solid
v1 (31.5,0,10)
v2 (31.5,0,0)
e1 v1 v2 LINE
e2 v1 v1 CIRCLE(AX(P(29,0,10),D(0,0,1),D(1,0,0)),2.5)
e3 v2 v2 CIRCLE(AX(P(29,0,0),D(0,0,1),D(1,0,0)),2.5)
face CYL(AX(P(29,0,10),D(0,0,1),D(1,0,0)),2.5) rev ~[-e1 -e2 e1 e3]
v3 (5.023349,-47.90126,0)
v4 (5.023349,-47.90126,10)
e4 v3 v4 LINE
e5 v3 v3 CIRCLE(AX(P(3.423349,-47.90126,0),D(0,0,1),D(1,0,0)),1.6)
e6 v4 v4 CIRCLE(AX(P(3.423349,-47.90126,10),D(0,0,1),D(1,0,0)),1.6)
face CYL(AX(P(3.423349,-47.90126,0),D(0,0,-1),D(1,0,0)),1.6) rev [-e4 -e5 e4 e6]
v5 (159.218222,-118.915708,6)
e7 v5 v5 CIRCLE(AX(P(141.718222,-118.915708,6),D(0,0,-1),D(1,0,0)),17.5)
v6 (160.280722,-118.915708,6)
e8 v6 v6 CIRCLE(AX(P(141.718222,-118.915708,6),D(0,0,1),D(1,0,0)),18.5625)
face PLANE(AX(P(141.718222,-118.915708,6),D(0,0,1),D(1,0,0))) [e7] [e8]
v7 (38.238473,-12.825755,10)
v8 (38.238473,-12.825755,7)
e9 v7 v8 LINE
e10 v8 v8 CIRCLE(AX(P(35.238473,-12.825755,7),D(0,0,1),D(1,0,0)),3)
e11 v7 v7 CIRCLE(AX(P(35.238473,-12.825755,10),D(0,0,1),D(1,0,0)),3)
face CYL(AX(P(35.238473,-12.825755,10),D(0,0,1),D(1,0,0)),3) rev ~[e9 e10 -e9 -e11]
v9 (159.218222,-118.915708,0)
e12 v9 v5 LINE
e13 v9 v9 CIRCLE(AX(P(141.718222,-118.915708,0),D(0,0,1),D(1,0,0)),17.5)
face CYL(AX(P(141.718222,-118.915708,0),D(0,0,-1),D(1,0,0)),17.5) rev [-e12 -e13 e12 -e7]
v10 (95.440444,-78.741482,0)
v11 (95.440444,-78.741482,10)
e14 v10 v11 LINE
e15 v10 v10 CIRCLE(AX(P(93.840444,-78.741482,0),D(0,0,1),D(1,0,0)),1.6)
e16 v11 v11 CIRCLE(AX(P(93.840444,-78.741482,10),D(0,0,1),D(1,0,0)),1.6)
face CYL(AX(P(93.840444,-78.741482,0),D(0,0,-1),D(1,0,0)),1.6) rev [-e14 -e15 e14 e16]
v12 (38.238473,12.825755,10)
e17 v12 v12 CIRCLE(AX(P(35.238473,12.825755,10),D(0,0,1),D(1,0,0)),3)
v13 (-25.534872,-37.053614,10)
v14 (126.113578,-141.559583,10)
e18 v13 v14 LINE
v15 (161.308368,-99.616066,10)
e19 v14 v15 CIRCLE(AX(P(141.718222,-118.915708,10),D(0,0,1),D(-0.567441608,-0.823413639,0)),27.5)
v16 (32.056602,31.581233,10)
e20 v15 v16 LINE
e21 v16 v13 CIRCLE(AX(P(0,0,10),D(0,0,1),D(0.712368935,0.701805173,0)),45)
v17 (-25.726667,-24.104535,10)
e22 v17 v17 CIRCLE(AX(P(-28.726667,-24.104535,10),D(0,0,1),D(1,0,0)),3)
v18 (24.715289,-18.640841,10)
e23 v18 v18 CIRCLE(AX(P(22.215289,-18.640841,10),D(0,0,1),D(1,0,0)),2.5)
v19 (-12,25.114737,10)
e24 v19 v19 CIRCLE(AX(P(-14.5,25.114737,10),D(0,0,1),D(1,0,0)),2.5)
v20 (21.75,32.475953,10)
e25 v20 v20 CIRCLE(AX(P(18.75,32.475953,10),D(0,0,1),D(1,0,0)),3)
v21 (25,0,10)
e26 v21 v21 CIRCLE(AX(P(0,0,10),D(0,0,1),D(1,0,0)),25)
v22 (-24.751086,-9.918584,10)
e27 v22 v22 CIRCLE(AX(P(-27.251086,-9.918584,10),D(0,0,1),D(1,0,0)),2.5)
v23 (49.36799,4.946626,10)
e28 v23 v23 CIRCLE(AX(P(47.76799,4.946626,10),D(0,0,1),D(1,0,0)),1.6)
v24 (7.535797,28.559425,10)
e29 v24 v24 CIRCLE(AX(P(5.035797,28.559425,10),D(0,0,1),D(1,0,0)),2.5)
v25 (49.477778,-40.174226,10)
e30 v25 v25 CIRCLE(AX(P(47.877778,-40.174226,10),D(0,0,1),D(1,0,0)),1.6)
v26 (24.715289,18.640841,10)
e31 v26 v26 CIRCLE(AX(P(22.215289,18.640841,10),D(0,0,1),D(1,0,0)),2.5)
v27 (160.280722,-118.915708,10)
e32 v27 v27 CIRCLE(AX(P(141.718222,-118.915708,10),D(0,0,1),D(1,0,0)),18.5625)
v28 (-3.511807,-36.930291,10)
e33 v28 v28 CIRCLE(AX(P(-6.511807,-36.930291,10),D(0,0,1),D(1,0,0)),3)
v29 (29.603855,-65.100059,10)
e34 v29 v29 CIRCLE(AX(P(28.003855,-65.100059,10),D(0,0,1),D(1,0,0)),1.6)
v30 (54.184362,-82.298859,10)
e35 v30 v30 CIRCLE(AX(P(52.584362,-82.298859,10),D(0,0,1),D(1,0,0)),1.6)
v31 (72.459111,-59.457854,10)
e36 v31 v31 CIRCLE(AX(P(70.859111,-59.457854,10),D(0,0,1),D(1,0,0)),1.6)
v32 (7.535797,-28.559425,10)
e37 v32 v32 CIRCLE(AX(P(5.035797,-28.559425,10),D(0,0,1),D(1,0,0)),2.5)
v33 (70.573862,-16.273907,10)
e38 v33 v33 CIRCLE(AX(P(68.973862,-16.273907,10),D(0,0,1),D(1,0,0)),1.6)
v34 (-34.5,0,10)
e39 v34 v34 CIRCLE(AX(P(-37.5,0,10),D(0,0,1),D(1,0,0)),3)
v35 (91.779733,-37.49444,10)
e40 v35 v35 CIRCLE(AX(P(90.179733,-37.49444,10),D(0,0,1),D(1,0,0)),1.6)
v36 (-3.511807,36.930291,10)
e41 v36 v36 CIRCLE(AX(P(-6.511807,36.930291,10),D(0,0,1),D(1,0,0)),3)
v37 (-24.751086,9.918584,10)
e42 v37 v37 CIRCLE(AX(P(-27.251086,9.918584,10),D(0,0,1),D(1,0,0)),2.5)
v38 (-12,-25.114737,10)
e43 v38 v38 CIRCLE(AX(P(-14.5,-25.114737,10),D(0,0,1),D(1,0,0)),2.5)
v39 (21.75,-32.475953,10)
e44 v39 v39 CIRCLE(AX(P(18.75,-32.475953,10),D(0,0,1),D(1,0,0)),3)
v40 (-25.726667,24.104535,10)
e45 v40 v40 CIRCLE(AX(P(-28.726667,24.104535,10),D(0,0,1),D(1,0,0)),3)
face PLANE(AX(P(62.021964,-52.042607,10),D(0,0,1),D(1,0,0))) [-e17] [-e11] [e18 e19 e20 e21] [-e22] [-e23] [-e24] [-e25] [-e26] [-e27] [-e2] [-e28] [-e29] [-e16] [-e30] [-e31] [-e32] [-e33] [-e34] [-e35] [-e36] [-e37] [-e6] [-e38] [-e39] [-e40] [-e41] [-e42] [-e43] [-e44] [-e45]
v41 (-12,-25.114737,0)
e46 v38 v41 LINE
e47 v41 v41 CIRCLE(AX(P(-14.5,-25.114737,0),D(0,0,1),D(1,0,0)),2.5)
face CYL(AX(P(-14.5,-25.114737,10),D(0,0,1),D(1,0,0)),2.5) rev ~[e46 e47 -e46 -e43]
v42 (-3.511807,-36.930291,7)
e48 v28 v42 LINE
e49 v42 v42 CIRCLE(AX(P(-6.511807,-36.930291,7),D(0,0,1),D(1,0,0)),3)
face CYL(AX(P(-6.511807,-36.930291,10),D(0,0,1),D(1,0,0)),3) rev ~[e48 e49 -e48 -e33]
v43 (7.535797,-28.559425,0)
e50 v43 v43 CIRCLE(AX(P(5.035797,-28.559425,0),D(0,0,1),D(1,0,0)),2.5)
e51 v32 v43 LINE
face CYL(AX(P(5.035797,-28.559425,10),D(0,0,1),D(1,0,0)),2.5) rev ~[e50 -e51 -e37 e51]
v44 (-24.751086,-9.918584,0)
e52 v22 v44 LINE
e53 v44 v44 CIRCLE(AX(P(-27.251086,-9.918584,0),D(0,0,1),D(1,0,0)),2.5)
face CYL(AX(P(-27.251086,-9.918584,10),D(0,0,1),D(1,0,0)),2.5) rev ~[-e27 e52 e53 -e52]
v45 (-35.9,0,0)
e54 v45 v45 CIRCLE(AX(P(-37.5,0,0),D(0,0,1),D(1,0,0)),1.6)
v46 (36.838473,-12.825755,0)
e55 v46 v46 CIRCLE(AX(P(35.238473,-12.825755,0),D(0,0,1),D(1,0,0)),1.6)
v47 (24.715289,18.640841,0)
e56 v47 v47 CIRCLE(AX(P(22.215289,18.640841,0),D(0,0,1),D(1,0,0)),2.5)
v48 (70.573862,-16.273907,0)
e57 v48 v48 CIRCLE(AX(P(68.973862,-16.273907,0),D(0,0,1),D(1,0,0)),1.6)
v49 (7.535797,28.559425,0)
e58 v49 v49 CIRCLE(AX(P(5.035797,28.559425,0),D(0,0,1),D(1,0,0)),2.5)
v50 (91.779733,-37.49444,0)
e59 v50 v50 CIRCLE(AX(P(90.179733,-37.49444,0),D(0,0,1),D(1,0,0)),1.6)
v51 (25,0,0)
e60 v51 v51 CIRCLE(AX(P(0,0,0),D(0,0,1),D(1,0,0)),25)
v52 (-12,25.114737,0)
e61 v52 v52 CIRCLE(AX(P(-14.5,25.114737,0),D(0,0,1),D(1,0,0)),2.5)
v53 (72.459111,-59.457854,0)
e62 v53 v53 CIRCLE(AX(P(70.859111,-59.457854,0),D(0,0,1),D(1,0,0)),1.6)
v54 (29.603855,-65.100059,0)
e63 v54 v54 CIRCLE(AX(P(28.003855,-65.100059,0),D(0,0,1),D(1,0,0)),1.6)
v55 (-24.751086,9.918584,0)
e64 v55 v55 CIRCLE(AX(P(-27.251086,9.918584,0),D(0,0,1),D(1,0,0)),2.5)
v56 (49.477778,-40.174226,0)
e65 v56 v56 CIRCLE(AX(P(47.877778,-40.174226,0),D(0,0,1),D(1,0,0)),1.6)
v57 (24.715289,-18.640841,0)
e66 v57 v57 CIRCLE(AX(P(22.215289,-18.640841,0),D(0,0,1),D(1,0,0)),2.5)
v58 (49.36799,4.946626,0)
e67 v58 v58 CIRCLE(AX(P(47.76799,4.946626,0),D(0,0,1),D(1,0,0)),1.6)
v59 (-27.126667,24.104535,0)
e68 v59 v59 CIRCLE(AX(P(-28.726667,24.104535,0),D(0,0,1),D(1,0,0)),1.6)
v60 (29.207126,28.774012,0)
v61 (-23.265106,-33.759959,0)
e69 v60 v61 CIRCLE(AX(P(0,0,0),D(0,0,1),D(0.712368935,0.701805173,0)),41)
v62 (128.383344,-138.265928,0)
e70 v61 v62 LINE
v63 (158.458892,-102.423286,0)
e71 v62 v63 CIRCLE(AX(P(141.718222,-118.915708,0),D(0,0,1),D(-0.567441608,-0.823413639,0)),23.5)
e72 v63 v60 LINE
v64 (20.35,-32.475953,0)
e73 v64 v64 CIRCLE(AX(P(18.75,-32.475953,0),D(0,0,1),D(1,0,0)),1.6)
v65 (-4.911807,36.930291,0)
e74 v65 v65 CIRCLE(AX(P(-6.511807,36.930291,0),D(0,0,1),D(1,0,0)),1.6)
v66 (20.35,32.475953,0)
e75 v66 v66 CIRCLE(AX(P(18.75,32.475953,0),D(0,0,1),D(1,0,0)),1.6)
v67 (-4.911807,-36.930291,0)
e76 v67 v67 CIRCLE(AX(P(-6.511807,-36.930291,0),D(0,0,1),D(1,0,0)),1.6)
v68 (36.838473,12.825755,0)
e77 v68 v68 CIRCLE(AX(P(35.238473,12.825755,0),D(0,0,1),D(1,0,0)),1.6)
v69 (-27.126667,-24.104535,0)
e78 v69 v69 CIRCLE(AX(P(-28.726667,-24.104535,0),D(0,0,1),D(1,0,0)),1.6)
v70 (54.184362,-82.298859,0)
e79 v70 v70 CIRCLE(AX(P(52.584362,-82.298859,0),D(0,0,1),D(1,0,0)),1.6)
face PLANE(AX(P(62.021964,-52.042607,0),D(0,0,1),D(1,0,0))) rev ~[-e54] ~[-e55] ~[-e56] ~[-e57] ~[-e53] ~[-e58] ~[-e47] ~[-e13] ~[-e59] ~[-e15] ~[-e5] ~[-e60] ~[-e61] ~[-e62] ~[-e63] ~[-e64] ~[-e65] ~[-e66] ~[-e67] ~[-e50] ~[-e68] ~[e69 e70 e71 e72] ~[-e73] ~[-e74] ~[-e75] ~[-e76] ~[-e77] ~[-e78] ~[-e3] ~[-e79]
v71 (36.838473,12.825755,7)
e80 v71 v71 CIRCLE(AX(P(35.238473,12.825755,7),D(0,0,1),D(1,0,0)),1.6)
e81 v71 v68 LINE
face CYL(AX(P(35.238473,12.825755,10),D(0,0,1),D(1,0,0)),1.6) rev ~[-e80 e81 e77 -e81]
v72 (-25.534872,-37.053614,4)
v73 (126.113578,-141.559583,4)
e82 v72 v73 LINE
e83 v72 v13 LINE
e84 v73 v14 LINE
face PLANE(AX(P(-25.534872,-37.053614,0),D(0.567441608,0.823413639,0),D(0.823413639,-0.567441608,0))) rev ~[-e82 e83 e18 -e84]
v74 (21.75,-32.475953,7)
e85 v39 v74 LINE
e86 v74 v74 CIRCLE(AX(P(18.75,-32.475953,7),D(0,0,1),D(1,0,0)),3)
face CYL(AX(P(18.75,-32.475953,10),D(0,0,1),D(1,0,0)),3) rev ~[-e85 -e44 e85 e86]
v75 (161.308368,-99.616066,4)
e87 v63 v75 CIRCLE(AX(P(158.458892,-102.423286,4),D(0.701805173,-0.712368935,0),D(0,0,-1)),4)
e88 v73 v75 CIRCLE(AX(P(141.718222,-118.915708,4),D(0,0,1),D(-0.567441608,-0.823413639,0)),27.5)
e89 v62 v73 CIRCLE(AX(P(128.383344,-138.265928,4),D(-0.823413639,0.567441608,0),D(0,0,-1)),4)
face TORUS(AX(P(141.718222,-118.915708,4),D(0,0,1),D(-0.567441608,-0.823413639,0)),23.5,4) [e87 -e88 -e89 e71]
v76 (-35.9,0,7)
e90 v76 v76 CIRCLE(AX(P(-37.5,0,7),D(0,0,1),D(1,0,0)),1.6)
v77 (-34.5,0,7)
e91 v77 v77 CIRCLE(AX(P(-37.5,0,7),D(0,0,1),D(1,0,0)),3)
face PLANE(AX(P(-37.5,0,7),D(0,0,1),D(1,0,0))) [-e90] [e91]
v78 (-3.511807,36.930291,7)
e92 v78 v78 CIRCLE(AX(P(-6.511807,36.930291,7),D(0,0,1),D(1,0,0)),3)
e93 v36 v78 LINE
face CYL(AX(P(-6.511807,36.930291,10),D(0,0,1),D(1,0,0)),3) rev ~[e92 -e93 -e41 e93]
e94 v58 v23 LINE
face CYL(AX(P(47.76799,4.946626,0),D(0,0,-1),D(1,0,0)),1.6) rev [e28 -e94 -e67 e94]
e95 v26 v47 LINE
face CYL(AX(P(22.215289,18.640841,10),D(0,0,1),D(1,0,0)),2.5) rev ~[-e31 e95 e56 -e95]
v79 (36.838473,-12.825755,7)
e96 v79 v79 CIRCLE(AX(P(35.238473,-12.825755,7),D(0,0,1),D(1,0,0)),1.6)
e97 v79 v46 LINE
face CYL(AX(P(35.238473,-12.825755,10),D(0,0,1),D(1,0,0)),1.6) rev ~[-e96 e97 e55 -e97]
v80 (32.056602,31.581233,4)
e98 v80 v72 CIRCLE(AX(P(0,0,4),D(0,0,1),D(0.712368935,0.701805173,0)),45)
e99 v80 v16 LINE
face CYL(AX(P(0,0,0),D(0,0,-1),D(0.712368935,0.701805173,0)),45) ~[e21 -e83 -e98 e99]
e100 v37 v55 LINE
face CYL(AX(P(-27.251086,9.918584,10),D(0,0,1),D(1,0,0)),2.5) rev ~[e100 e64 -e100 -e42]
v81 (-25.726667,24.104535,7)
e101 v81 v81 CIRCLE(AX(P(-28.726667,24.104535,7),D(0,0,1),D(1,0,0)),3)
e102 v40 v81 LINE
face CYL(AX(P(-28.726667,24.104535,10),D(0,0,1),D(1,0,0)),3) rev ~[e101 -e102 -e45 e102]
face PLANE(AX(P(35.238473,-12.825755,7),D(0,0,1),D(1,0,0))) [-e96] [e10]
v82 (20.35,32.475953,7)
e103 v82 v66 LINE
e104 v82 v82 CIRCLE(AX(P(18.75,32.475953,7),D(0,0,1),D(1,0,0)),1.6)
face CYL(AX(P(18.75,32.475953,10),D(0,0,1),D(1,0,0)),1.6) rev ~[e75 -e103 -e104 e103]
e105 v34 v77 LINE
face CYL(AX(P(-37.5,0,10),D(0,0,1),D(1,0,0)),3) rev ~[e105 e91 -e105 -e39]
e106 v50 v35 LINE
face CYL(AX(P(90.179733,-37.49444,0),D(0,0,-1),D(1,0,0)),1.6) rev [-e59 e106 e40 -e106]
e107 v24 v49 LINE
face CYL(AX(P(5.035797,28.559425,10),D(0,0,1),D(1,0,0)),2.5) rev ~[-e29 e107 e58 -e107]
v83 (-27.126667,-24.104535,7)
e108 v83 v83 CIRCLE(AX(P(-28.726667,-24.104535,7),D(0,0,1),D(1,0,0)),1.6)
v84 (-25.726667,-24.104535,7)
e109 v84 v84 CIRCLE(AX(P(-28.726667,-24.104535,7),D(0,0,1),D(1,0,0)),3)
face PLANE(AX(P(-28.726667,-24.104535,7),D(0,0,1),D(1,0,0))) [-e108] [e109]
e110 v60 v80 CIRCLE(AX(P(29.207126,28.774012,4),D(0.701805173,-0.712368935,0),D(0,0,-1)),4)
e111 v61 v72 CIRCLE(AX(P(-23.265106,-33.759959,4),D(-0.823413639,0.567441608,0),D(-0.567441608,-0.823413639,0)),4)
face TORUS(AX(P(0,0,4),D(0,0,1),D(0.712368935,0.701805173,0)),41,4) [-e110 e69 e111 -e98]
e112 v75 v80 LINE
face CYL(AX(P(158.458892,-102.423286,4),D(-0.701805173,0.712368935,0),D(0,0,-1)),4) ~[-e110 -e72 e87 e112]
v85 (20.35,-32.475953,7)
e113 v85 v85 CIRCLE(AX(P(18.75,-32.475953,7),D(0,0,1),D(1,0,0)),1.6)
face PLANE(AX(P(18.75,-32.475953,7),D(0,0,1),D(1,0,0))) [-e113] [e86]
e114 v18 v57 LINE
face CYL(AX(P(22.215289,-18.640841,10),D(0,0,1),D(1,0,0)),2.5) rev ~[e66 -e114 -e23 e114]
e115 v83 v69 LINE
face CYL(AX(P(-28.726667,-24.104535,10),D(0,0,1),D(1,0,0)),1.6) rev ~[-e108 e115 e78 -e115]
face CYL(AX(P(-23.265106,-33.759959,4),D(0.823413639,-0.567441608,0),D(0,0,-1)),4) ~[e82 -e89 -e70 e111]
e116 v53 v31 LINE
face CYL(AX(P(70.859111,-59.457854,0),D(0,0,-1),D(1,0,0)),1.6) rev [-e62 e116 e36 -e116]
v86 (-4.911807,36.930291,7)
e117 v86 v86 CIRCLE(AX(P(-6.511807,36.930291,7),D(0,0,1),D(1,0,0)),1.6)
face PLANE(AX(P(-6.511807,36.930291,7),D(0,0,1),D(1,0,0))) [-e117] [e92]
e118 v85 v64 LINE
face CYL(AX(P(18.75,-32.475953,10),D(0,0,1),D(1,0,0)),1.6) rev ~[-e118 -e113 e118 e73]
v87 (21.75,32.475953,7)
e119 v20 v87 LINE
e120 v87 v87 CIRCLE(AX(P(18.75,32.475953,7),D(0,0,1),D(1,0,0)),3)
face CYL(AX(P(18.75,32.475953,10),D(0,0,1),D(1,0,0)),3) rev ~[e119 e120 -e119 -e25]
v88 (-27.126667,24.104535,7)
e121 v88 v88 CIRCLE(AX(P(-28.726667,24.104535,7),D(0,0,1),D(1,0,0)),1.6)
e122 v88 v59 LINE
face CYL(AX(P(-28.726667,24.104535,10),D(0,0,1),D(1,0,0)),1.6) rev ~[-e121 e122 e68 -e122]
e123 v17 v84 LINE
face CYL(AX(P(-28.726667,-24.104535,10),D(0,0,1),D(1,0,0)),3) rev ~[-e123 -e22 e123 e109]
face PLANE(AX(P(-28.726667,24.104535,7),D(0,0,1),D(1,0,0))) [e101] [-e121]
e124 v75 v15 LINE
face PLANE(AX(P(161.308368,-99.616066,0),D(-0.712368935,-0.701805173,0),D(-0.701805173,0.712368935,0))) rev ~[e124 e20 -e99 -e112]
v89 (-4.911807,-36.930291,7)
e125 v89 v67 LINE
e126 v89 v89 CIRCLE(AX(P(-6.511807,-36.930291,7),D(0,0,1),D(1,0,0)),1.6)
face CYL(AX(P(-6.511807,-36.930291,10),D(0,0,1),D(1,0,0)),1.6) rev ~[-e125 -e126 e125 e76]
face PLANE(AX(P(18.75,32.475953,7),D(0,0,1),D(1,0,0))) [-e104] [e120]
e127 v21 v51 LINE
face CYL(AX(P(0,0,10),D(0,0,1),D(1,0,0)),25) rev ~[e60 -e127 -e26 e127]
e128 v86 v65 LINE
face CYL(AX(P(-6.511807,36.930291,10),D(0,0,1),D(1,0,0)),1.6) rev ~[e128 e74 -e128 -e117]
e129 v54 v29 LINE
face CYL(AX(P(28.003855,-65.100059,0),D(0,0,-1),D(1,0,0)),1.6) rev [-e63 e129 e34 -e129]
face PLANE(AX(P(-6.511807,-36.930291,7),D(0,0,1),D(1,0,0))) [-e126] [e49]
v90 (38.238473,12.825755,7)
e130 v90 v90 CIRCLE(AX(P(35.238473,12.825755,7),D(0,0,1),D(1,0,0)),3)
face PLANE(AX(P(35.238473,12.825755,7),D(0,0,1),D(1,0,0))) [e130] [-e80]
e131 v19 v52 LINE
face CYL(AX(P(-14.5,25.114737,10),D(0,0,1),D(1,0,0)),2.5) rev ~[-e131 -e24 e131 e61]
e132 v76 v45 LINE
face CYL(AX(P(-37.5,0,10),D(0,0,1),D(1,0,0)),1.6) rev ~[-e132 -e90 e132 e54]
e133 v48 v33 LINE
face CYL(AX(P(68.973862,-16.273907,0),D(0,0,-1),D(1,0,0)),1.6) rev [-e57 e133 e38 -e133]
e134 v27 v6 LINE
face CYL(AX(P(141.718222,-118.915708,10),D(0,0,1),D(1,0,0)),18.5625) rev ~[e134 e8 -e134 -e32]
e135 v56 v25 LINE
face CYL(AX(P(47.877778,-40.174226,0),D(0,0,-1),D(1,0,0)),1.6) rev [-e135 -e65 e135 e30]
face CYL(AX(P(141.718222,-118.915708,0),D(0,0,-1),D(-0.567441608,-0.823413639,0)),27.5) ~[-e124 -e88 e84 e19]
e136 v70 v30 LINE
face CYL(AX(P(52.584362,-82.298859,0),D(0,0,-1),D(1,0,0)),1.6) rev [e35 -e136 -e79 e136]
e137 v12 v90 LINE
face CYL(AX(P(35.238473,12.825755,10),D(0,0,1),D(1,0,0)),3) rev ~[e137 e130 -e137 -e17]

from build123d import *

# Parameters (mm, degrees)
SKETCH1_R           = 17.5
SKETCH1_R_2         = 1.6
BOSS_EXTRUDE1_DEPTH = 10
SKETCH2_R           = 25
SKETCH2_R_2         = 2.5
SKETCH2_R_3         = 1.6
CUT_EXTRUDE1_DEPTH  = 224.991888552
SKETCH3_R           = 18.5625
CUT_EXTRUDE2_DEPTH  = 4
SKETCH4_R           = 3
CUT_EXTRUDE3_DEPTH  = 3
FILLET1_R           = 4


with BuildPart() as part:
    # Sketch1 → Boss-Extrude1 (new body)
    with BuildSketch(Plane.XY):
        with BuildLine():
            Line((-25.534872354, -37.053613776), (126.113577761, -141.559582877))
            ThreePointArc((126.113577761, -141.559582877), (162.784444163, -136.592367058), (161.308367688, -99.616065541))
            Line((161.308367688, -99.616065541), (32.056602073, 31.581232775))
            ThreePointArc((32.056602073, 31.581232775), (-34.47199994, 28.925442436), (-25.534872354, -37.053613776))
        make_face()
        with Locations((141.718221977, -118.915707792)):
            Circle(SKETCH1_R, mode=Mode.SUBTRACT)
        with Locations((70.859110989, -59.457853896)):
            Circle(SKETCH1_R_2, mode=Mode.SUBTRACT)
        with Locations((93.840444282, -78.741482187)):
            Circle(SKETCH1_R_2, mode=Mode.SUBTRACT)
        with Locations((47.877777695, -40.174225605)):
            Circle(SKETCH1_R_2, mode=Mode.SUBTRACT)
        with Locations((47.767990244, 4.946625931)):
            Circle(SKETCH1_R_2, mode=Mode.SUBTRACT)
        with Locations((3.423348889, -47.901259716)):
            Circle(SKETCH1_R_2, mode=Mode.SUBTRACT)
        with Locations((68.973861607, -16.273907044)):
            Circle(SKETCH1_R_2, mode=Mode.SUBTRACT)
        with Locations((90.17973297, -37.494440018)):
            Circle(SKETCH1_R_2, mode=Mode.SUBTRACT)
        with Locations((28.003855203, -65.100059364)):
            Circle(SKETCH1_R_2, mode=Mode.SUBTRACT)
        with Locations((52.584361518, -82.298859012)):
            Circle(SKETCH1_R_2, mode=Mode.SUBTRACT)
    extrude(amount=BOSS_EXTRUDE1_DEPTH)

    # Sketch2 → Cut-Extrude1 (cut, through all)
    with BuildSketch(Plane.XY.offset(10)):
        Circle(SKETCH2_R)
        with Locations((29, 0)):
            Circle(SKETCH2_R_2)
        with Locations((-37.5, 0)):
            Circle(SKETCH2_R_3)
        with Locations((-28.726666617, 24.104535363)):
            Circle(SKETCH2_R_3)
        with Locations((-6.511806663, 36.930290738)):
            Circle(SKETCH2_R_3)
        with Locations((18.75, 32.475952642)):
            Circle(SKETCH2_R_3)
        with Locations((35.238473279, 12.825755375)):
            Circle(SKETCH2_R_3)
        with Locations((35.238473279, -12.825755375)):
            Circle(SKETCH2_R_3)
        with Locations((18.75, -32.475952642)):
            Circle(SKETCH2_R_3)
        with Locations((-6.511806663, -36.930290738)):
            Circle(SKETCH2_R_3)
        with Locations((-28.726666617, -24.104535363)):
            Circle(SKETCH2_R_3)
        with Locations((22.21528885, -18.640840681)):
            Circle(SKETCH2_R_2)
        with Locations((5.035797152, -28.559424837)):
            Circle(SKETCH2_R_2)
        with Locations((-14.5, -25.11473671)):
            Circle(SKETCH2_R_2)
        with Locations((-27.251086003, -9.918584156)):
            Circle(SKETCH2_R_2)
        with Locations((-27.251086003, 9.918584156)):
            Circle(SKETCH2_R_2)
        with Locations((-14.5, 25.11473671)):
            Circle(SKETCH2_R_2)
        with Locations((5.035797152, 28.559424837)):
            Circle(SKETCH2_R_2)
        with Locations((22.21528885, 18.640840681)):
            Circle(SKETCH2_R_2)
    extrude(amount=-CUT_EXTRUDE1_DEPTH, mode=Mode.SUBTRACT)

    # Sketch3 → Cut-Extrude2 (cut)
    with BuildSketch(Plane.XY.offset(10)):
        with Locations((141.718221977, -118.915707792)):
            Circle(SKETCH3_R)
    extrude(amount=-CUT_EXTRUDE2_DEPTH, mode=Mode.SUBTRACT)

    # Sketch4 → Cut-Extrude3 (cut)
    with BuildSketch(Plane.XY.offset(10)):
        with Locations((-28.726666617, 24.104535363)):
            Circle(SKETCH4_R)
        with Locations((-6.511806663, 36.930290738)):
            Circle(SKETCH4_R)
        with Locations((18.75, 32.475952642)):
            Circle(SKETCH4_R)
        with Locations((35.238473279, 12.825755375)):
            Circle(SKETCH4_R)
        with Locations((35.238473279, -12.825755375)):
            Circle(SKETCH4_R)
        with Locations((18.75, -32.475952642)):
            Circle(SKETCH4_R)
        with Locations((-6.511806663, -36.930290738)):
            Circle(SKETCH4_R)
        with Locations((-28.726666617, -24.104535363)):
            Circle(SKETCH4_R)
        with Locations((-37.5, 0)):
            Circle(SKETCH4_R)
    extrude(amount=-CUT_EXTRUDE3_DEPTH, mode=Mode.SUBTRACT)

    # Fillet1
    fillet1_edges = [part.edges().sort_by_distance(p)[0] for p in [
        (96.68248488, -34.017416383, 0),
        (162.784444163, -136.592367058, 0),
        (50.289352703, -89.306598327, 0),
        (-34.47199994, 28.925442436, 0),
    ]]
    fillet(fillet1_edges, radius=FILLET1_R)


solid = part.part
